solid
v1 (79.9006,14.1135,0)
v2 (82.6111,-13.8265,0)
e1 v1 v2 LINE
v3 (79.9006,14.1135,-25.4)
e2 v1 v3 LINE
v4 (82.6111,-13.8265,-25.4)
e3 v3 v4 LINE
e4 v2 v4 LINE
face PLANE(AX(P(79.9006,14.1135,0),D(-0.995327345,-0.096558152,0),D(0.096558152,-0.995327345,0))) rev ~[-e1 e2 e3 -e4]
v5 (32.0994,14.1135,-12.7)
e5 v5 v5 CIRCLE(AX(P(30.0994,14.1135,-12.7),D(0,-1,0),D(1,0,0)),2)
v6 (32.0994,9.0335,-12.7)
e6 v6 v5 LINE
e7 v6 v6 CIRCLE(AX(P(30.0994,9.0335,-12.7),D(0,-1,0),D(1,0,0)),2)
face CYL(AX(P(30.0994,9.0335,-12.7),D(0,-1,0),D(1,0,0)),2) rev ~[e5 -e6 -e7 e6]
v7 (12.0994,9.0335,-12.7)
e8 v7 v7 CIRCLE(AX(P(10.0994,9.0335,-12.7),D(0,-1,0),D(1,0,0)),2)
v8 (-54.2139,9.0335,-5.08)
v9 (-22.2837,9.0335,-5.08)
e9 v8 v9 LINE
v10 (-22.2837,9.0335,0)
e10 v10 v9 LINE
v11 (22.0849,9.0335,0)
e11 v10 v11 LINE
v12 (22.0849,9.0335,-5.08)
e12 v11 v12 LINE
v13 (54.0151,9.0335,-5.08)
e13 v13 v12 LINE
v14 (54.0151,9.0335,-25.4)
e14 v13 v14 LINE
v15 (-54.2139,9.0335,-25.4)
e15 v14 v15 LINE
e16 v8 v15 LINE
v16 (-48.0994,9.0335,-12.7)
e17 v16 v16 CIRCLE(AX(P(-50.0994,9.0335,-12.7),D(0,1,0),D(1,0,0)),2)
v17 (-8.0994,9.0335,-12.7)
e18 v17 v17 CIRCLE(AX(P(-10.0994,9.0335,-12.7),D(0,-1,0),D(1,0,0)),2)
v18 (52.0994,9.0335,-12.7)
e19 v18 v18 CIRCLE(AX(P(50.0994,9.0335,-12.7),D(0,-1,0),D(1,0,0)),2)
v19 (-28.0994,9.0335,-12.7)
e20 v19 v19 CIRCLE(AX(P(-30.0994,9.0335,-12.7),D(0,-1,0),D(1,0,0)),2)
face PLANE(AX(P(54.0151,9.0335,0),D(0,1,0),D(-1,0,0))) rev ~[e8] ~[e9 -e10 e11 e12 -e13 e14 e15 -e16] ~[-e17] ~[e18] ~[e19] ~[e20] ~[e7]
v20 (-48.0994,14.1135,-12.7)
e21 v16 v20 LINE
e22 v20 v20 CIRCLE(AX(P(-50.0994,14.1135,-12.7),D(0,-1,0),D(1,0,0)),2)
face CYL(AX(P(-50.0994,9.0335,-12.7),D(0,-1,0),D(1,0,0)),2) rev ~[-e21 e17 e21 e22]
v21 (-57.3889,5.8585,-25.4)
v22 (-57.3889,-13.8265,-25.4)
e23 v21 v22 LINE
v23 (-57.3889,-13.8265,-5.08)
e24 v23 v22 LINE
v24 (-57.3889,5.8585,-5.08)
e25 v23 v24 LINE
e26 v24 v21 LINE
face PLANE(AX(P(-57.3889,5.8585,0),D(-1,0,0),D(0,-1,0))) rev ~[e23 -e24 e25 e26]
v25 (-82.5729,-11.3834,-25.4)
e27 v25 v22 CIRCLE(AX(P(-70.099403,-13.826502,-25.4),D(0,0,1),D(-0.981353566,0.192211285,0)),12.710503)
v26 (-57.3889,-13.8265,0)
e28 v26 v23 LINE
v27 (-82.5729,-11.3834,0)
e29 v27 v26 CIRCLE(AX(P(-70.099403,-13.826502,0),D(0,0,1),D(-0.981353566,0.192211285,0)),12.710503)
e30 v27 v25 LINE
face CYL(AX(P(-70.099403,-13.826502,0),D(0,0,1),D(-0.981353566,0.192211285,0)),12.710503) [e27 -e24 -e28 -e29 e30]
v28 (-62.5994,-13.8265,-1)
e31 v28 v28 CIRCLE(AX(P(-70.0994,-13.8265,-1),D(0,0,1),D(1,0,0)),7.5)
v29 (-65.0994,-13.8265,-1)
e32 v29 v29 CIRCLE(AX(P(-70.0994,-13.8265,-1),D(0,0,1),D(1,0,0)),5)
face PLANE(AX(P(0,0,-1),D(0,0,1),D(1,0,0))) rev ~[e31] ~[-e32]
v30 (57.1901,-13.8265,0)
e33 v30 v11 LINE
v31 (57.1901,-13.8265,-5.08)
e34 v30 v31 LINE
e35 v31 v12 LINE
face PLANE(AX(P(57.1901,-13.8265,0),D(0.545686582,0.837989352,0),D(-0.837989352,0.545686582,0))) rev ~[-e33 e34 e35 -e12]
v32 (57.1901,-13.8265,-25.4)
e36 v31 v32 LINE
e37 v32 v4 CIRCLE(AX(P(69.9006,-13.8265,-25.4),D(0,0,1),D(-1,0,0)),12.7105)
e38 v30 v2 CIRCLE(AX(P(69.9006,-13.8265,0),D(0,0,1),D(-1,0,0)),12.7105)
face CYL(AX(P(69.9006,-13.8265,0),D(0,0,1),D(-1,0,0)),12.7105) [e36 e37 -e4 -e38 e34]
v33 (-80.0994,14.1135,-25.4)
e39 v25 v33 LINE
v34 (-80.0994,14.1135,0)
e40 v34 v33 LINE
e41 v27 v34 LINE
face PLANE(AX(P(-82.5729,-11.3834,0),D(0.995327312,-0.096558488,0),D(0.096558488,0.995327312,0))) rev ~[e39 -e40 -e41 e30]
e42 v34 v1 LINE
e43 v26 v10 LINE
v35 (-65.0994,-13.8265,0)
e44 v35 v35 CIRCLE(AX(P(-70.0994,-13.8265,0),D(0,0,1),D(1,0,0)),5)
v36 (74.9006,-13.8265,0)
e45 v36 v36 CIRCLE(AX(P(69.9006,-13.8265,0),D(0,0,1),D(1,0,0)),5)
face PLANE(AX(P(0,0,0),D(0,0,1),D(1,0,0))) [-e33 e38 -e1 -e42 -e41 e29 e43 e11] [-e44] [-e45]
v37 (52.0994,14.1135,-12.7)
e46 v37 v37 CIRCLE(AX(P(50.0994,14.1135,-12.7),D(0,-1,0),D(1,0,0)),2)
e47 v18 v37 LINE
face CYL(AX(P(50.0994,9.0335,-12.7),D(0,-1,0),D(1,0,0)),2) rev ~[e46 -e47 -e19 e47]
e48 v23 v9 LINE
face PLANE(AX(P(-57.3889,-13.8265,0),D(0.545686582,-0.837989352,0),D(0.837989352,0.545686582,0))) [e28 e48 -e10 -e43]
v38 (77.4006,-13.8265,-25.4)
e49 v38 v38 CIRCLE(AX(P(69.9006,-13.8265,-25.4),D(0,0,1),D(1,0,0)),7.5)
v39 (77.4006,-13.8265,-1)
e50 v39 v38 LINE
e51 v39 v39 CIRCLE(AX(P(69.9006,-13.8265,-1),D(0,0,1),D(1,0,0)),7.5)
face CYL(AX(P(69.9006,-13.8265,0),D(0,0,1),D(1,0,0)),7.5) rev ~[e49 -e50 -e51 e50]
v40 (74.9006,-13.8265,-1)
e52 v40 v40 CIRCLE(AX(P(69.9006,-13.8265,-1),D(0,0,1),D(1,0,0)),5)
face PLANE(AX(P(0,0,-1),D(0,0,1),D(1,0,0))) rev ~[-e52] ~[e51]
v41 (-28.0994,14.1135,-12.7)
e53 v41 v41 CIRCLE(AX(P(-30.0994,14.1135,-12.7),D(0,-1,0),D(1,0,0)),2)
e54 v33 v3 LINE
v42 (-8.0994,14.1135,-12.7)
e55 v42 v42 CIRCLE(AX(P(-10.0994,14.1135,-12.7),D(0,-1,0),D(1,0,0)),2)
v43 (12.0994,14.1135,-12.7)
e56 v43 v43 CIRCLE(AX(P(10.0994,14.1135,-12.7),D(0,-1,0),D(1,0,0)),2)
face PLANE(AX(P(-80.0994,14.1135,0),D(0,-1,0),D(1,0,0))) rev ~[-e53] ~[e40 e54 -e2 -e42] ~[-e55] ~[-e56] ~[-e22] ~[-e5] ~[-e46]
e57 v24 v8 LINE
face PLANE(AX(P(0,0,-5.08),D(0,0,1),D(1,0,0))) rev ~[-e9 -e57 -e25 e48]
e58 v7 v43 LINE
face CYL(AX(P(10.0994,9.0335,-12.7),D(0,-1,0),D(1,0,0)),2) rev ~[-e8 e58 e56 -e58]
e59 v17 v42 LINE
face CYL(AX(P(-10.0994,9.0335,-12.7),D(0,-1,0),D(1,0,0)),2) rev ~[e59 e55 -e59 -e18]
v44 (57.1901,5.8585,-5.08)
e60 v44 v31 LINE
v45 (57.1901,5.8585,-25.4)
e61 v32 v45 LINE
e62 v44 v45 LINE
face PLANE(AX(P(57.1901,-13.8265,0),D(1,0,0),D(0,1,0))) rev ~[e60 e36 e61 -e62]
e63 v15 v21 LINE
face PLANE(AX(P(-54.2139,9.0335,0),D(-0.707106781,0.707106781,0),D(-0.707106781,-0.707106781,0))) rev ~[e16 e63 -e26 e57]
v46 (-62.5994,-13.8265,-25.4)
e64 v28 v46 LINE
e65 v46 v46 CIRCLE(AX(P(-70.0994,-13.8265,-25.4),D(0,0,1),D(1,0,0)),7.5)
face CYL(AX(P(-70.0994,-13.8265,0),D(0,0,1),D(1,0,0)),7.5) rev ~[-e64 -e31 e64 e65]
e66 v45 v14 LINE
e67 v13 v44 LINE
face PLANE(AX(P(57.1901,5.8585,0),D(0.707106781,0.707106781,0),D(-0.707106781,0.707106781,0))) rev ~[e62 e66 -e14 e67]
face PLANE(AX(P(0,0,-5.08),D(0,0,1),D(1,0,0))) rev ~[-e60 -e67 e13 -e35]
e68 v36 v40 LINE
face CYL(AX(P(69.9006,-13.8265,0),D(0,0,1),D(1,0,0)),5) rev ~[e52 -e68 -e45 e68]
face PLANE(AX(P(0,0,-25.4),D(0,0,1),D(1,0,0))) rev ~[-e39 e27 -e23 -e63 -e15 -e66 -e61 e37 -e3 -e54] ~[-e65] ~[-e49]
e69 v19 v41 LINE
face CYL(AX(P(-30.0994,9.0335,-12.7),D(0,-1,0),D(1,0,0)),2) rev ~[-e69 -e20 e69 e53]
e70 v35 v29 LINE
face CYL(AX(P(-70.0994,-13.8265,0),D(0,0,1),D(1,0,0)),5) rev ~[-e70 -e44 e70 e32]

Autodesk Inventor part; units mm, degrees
ref_plane "YZ Plane" through (0, 0, 0) normal (1, 0, 0) x (0, 1, 0)
ref_plane "XZ Plane" through (0, 0, 0) normal (0, 1, 0) x (-1, 0, 0)
ref_plane "XY Plane" through (0, 0, 0) normal (0, 0, 1) x (1, 0, 0)
ref_plane "Work Plane1" through (0, 0, 0) normal (0, 0, 1) x (1, 0, 0)
sketch "Sketch1" plane through (0, 0, 0) normal (0, 0, 1) x (1, 0, 0)
  circle A0 centre (-70.0994, -13.8265) radius 7.5 projected
  circle A1 centre (69.9006, -13.8265) radius 7.5 projected
  circle A2 centre (-0.0994, -13.8265) radius 5.08 projected
  arc A3 (-82.5729, -11.3834) -> (-57.3889, -13.8265) centre (-70.0994, -13.8265) ccw projected
  line L0 (-57.3889, 5.8585) -> (-57.3889, -13.8265) projected
  line L1 (-54.2139, 9.0335) -> (-57.3889, 5.8585) projected
  line L2 (-25.4994, 9.0335) -> (-54.2139, 9.0335) projected
  arc A4 (-17.8794, 1.4135) -> (-25.4994, 9.0335) centre (-25.4994, 1.4135) ccw projected
  line L3 (-17.8794, -26.5265) -> (-17.8794, 1.4135) projected
  line L4 (17.6806, -26.5265) -> (-17.8794, -26.5265) projected
  line L5 (17.6806, 1.4135) -> (17.6806, -26.5265) projected
  arc A5 (25.3006, 9.0335) -> (17.6806, 1.4135) centre (25.3006, 1.4135) ccw projected
  line L6 (54.0151, 9.0335) -> (25.3006, 9.0335) projected
  line L7 (57.1901, 5.8585) -> (54.0151, 9.0335) projected
  line L8 (57.1901, -13.8265) -> (57.1901, 5.8585) projected
  arc A6 (57.1901, -13.8265) -> (82.6111, -13.8265) centre (69.9006, -13.8265) ccw projected
  line L9 (79.9006, 14.1135) -> (82.6111, -13.8265) projected
  line L10 (-80.0994, 14.1135) -> (79.9006, 14.1135) projected
  line L11 (-82.5729, -11.3834) -> (-80.0994, 14.1135) projected
  line L12 (-25.4994, 9.0335) -> (25.3006, 9.0335)
  point P0 (0, 0)
extrude "Extrusion1" add sketch "Sketch1" against normal blind 25.4 contours L11 L10 L9 A6 L8 L7 L6 L12 L2 L1 L0 A3
sketch "Sketch2" plane through (0, 0, 0) normal (0, 0, 1) x (1, 0, 0)
  circle A0 centre (69.9006, -13.8265) radius 7.5 projected
  circle A1 centre (-70.0994, -13.8265) radius 7.5 projected
  line L0 (-57.3889, -13.8265) -> (-57.3889, 5.8585) projected
  line L1 (-57.3889, 5.8585) -> (-54.2139, 9.0335) projected
  line L2 (-54.2139, 9.0335) -> (54.0151, 9.0335) projected
  line L3 (54.0151, 9.0335) -> (57.1901, 5.8585) projected
  line L4 (57.1901, 5.8585) -> (57.1901, -13.8265) projected
  arc A2 (57.1901, -13.8265) -> (82.6111, -13.8265) centre (69.9006, -13.8265) ccw projected
  line L5 (82.6111, -13.8265) -> (79.9006, 14.1135) projected
  line L6 (79.9006, 14.1135) -> (-80.0994, 14.1135) projected
  line L7 (-80.0994, 14.1135) -> (-82.5729, -11.3834) projected
  arc A3 (-82.5729, -11.3834) -> (-57.3889, -13.8265) centre (-70.0994, -13.8265) ccw projected
  circle A4 centre (-70.0994, -13.8265) radius 5
  circle A5 centre (69.9006, -13.8265) radius 5
  point P0 (0, 0)
  dimension "d2" = 10
  dimension "d3" = 10
extrude "Extrusion2" add sketch "Sketch2" against normal blind 1 contours A0 | A1
sketch "Sketch3" plane through (-54.2139, 9.0335, 0) normal (0, -1, 0) x (1, 0, 0)
  line L0 (0, 0) -> (108.229, 0) projected
  line L1 (108.229, -25.4) -> (0, -25.4) projected
  line L2 (-11.8855, 142.225) -> (-11.8855, -175.0375)
  line L3 (-25.8855, -146.05) -> (-25.8855, 93.95) projected
  line L4 (-25.8855, 0) -> (-25.8855, -25.4) projected
  line L5 (-25.8855, -12.7) -> (4.1145, -12.7)
  circle A0 centre (4.1145, -12.7) radius 2
  circle A1 centre (24.1145, -12.7) radius 2
  circle A2 centre (44.1145, -12.7) radius 2
  line L6 (54.2139, 0) -> (54.2139, -3.82)
  line L7 (134.3133, -12.7) -> (104.3133, -12.7)
  circle A3 centre (104.3133, -12.7) radius 2
  circle A4 centre (84.3133, -12.7) radius 2
  circle A5 centre (64.3133, -12.7) radius 2
  dimension "d6" = 30
  dimension "d9" = 4
  dimension "d10" = 4
  dimension "d11" = 4
extrude "Extrusion3" cut sketch "Sketch3" against normal blind 508
sketch "Sketch4" plane through (0, 0, 0) normal (0, 0, 1) x (1, 0, 0)
  circle A0 centre (69.9006, -13.8265) radius 5 projected
  circle A1 centre (-70.0994, -13.8265) radius 5 projected
  line L0 (-57.3889, -13.8265) -> (-57.3889, 5.8585) projected
  line L1 (-57.3889, 5.8585) -> (-54.2139, 9.0335) projected
  line L2 (-54.2139, 9.0335) -> (54.0151, 9.0335) projected
  line L3 (54.0151, 9.0335) -> (57.1901, 5.8585) projected
  line L4 (57.1901, 5.8585) -> (57.1901, -13.8265) projected
  arc A2 (57.1901, -13.8265) -> (82.6111, -13.8265) centre (69.9006, -13.8265) ccw projected
  line L5 (82.6111, -13.8265) -> (79.9006, 14.1135) projected
  line L6 (79.9006, 14.1135) -> (-80.0994, 14.1135) projected
  line L7 (-80.0994, 14.1135) -> (-82.5729, -11.3834) projected
  arc A3 (-82.5729, -11.3834) -> (-57.3889, -13.8265) centre (-70.0994, -13.8265) ccw projected
  line L8 (-57.3889, -13.8265) -> (-22.2837, 9.0335)
  line L9 (54.0151, 9.0335) -> (-54.2139, 9.0335) projected
  line L10 (-0.0994, 9.0335) -> (-0.0994, 6.3526)
  line L11 (-57.3889, 5.8585) -> (-57.3889, -13.8265) projected
  line L12 (-57.3889, -13.8265) -> (-57.3889, 9.0335)
  line L13 (-57.3889, 9.0335) -> (-22.2837, 9.0335)
  line L14 (57.1901, -13.8265) -> (57.1901, 5.8585)
  line L15 (54.0151, 9.0335) -> (-54.2139, 9.0335)
  line L16 (57.1901, -13.8265) -> (22.0849, 9.0335)
  line L17 (57.1901, -13.8265) -> (57.1901, 9.0335)
  line L18 (57.1901, 9.0335) -> (22.0849, 9.0335)
  point P0 (0, 0)
extrude "Extrusion4" add sketch "Sketch4" against normal blind 5.08 contours L0 L1 L2 L8 | L2 L3 L4 L16 | L18 L17 L3
properties part number "Bed"
